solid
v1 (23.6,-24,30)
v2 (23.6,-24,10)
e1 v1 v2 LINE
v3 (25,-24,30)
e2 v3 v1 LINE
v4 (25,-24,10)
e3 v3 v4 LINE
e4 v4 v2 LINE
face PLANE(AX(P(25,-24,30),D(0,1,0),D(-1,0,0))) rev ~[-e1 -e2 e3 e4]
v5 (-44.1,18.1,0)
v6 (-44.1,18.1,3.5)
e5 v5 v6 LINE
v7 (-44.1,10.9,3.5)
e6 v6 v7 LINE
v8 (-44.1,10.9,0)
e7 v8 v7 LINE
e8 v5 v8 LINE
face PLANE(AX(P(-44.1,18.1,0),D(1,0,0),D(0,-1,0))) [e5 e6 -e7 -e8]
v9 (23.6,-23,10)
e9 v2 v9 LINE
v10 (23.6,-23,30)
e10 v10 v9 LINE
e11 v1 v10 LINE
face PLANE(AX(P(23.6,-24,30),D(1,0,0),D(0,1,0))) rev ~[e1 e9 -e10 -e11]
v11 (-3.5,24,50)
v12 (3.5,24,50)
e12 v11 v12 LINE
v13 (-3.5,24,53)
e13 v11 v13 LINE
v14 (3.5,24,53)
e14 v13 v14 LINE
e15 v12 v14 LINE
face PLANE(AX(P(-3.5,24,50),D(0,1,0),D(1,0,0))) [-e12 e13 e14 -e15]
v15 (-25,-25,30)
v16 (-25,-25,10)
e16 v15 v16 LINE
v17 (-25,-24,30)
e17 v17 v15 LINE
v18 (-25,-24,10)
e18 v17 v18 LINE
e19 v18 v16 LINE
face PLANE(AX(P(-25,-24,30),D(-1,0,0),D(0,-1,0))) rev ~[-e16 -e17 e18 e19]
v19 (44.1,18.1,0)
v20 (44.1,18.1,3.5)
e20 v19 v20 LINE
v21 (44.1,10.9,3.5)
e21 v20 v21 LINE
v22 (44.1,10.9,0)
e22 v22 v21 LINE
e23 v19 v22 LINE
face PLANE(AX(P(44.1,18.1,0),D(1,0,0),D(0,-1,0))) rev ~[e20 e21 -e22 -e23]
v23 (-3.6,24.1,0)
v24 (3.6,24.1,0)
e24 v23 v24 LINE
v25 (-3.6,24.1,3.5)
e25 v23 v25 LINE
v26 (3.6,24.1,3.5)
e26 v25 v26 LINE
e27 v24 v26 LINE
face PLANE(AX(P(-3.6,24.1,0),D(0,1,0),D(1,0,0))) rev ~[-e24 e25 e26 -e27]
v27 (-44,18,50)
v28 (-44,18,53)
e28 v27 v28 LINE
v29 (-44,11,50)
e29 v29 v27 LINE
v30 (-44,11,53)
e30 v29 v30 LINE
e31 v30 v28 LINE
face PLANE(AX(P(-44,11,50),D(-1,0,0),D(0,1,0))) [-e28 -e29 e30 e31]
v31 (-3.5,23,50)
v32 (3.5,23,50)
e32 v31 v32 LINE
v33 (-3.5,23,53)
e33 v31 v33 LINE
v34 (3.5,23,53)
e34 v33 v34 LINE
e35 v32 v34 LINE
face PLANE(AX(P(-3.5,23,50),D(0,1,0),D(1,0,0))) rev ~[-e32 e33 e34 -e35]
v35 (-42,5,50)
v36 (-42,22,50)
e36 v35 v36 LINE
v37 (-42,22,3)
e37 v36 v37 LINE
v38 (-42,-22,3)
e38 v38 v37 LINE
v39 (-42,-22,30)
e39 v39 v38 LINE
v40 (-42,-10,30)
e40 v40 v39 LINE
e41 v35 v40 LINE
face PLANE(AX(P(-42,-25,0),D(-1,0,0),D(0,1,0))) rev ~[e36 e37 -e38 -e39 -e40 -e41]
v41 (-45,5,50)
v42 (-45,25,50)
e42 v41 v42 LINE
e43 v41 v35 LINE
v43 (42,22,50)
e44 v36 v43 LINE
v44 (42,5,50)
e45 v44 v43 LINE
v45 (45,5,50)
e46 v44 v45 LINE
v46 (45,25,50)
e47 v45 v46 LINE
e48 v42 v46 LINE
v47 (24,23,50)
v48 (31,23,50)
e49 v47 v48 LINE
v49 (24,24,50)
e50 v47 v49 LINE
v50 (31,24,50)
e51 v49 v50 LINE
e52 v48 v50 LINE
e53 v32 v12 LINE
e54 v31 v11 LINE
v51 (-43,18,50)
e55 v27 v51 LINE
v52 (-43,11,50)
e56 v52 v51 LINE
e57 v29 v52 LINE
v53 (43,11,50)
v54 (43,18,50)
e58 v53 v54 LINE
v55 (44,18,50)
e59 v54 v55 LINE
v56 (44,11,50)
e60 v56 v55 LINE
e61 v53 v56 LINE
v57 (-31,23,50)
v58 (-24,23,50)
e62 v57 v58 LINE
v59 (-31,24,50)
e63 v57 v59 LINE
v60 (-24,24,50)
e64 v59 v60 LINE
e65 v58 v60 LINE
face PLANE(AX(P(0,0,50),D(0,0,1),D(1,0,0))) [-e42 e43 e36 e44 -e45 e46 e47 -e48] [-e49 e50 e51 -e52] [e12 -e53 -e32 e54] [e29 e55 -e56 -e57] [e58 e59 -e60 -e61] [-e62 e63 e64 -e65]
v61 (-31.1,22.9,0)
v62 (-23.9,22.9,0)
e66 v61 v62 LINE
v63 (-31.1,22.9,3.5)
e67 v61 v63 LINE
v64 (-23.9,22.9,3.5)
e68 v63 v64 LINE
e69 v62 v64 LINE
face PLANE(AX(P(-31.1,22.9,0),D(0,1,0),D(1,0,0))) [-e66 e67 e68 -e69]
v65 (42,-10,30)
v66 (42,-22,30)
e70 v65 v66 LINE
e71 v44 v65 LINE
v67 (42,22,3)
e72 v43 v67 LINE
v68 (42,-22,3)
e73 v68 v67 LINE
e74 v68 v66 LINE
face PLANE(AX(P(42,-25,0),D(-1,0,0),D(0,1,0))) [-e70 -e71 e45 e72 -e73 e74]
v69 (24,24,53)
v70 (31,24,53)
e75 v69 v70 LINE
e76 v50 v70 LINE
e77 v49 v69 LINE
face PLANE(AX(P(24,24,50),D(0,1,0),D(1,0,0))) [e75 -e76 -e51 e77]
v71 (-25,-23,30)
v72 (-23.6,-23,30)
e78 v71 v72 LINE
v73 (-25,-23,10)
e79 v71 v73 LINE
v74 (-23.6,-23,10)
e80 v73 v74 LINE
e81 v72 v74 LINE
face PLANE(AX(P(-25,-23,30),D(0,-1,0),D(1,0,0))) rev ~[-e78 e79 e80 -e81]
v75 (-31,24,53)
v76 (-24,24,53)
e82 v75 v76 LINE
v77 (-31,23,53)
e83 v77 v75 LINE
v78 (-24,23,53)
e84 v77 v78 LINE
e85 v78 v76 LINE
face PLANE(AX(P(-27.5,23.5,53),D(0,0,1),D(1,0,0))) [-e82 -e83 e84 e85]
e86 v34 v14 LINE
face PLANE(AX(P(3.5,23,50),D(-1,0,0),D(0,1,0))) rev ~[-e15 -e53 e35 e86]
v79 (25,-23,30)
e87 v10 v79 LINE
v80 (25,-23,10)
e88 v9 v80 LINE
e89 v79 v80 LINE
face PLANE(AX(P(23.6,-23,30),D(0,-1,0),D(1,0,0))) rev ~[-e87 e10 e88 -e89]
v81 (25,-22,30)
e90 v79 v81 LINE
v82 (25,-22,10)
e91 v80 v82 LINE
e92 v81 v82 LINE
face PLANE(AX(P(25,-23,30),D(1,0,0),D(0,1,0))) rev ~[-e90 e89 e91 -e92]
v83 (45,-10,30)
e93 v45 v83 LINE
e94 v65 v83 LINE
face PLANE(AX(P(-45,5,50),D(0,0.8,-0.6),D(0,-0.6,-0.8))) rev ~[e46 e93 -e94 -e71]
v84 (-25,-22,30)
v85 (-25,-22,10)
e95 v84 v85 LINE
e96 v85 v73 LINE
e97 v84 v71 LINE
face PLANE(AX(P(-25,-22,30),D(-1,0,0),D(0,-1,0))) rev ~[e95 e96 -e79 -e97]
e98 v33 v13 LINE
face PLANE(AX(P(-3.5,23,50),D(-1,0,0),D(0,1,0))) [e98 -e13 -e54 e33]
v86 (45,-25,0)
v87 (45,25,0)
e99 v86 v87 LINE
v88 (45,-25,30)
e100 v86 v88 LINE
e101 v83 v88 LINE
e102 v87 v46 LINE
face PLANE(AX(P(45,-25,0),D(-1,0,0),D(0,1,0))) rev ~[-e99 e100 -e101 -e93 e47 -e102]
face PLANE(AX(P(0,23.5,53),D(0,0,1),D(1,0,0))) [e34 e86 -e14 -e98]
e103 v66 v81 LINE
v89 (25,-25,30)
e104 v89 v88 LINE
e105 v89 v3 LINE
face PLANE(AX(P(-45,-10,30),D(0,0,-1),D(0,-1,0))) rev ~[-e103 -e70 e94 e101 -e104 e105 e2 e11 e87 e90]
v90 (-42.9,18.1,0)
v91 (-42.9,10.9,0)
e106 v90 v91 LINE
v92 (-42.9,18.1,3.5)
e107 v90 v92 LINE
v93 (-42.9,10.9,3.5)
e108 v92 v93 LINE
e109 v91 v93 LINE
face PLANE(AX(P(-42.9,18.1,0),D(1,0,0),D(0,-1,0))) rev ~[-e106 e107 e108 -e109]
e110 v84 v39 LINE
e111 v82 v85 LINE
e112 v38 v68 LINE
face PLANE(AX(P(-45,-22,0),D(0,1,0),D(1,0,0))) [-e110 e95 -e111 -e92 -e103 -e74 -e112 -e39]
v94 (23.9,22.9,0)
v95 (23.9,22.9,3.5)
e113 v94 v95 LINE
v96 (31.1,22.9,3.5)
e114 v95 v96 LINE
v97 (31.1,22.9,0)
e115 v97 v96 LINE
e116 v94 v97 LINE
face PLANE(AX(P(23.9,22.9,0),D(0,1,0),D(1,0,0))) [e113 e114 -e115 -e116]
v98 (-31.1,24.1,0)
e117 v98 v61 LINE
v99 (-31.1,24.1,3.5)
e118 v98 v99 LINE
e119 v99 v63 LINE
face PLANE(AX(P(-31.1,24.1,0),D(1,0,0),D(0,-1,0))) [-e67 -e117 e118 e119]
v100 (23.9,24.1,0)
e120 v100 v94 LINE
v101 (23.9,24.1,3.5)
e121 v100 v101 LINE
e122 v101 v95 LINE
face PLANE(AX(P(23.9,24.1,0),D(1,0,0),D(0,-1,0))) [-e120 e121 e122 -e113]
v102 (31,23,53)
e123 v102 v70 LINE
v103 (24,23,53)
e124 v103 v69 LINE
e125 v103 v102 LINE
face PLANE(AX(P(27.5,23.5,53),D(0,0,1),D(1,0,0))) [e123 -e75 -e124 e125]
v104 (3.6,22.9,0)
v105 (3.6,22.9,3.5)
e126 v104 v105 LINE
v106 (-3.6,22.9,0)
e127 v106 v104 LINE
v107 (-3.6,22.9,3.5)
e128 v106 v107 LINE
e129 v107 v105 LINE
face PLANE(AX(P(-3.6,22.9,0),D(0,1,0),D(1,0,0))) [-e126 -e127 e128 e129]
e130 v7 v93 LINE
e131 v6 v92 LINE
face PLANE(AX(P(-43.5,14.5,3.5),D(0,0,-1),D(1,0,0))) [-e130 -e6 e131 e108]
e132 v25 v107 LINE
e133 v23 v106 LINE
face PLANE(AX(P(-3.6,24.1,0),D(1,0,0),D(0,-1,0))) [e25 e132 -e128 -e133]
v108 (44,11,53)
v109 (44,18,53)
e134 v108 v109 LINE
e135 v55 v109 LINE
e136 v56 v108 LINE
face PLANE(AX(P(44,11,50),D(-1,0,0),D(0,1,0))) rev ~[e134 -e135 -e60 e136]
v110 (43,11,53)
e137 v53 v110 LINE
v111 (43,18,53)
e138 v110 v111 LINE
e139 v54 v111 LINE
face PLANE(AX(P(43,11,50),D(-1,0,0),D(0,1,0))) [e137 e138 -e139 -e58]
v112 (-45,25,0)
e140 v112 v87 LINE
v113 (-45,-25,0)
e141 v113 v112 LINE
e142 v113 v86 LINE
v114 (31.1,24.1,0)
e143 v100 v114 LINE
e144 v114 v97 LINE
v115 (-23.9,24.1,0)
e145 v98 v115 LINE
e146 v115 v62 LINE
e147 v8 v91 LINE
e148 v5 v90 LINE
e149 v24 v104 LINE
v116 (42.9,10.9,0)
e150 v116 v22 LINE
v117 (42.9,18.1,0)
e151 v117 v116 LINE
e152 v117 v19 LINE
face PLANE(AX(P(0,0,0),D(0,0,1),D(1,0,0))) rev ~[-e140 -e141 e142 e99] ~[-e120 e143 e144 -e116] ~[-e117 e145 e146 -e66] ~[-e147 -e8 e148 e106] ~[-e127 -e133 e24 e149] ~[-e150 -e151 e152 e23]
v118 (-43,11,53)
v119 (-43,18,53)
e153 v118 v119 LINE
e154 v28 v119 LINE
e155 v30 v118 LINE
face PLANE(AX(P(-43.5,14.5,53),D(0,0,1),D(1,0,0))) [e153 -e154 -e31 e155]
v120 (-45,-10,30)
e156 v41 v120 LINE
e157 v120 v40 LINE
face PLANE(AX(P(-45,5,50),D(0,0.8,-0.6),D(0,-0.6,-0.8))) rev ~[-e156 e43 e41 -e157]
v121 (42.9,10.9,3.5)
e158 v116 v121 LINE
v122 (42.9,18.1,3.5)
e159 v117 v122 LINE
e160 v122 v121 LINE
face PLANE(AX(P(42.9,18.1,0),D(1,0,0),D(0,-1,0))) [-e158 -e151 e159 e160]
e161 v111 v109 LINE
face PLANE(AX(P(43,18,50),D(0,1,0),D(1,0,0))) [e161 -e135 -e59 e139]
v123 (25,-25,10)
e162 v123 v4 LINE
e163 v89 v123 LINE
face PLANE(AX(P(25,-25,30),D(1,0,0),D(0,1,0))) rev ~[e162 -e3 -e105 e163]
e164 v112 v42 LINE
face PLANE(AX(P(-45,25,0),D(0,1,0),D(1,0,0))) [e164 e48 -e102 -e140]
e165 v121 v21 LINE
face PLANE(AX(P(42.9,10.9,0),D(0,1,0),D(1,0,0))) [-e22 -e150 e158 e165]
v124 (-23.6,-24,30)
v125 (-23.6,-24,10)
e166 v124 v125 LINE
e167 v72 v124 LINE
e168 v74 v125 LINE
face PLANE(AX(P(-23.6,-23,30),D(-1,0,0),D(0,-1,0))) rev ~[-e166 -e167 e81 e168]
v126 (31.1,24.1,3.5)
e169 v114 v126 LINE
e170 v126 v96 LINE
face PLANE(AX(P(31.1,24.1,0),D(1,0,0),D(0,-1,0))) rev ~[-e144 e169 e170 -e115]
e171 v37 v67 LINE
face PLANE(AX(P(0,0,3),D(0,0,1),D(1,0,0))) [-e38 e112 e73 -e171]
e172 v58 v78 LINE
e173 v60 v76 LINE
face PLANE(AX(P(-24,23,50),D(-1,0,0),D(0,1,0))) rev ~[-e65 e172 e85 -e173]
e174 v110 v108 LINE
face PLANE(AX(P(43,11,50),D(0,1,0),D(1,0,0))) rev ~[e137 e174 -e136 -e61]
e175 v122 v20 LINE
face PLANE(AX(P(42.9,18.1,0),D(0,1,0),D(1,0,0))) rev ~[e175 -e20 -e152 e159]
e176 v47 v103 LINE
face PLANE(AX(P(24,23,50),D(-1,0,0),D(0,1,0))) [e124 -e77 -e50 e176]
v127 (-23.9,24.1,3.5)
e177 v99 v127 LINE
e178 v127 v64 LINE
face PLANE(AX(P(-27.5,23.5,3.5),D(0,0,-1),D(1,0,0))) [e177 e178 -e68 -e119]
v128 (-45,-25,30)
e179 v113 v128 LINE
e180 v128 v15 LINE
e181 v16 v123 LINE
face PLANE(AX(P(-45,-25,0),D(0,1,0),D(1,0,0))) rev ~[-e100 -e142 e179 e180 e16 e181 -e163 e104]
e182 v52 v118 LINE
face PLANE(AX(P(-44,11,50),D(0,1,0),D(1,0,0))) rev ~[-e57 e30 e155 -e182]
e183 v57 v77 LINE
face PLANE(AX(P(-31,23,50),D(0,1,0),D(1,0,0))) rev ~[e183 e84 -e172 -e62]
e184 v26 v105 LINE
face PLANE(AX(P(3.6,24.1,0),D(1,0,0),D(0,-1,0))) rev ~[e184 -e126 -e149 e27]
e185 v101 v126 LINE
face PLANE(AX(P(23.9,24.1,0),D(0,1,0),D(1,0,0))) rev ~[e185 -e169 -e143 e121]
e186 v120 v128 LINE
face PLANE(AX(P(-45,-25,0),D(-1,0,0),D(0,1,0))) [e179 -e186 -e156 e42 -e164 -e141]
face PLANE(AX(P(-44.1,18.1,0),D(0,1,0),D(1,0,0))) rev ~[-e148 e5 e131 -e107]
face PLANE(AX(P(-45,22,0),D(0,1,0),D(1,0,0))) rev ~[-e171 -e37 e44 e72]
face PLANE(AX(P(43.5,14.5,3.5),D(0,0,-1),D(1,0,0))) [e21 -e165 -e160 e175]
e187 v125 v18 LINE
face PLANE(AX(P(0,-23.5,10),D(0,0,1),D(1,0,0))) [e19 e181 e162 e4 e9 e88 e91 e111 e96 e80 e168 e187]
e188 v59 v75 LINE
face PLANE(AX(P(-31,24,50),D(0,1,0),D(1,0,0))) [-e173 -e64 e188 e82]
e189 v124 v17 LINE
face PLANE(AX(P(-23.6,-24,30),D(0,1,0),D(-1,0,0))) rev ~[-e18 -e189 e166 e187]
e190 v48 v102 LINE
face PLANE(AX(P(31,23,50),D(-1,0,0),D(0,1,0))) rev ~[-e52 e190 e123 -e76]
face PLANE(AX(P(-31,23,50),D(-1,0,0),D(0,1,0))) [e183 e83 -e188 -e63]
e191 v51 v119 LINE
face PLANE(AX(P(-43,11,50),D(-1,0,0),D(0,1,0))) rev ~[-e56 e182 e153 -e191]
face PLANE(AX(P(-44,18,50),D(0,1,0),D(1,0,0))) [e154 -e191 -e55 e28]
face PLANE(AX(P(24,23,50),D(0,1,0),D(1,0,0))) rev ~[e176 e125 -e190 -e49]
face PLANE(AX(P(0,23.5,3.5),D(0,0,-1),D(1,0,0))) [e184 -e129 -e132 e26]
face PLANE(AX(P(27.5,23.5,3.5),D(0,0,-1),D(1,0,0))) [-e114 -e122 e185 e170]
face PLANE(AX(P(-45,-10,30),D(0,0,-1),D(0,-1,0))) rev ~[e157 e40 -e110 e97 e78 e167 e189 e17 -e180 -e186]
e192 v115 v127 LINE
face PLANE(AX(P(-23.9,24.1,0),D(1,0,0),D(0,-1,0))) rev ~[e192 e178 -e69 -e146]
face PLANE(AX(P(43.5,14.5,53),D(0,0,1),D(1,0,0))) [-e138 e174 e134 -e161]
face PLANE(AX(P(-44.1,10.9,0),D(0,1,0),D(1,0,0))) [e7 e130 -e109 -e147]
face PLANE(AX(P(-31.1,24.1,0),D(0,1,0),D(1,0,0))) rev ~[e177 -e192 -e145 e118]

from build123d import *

# Parameters (mm, degrees)
F0_W      = 90
F0_H      = 50
F1_DEPTH  = 50
F2_T      = -3
F4_DEPTH  = 90.001
F6_DEPTH  = 20
F7_W      = 7
F7_H      = 1
F7_W_2    = 1
F7_H_2    = 7
F8_DEPTH  = 3
F9_W      = 7.2
F9_H      = 1.2
F9_W_2    = 1.2
F9_H_2    = 7.2
F10_DEPTH = 3.5


with BuildPart() as f1:
    # F0 (on Top) → F1 (new body)
    with BuildSketch(Plane.XY):
        Rectangle(F0_W, F0_H)
    extrude(amount=F1_DEPTH)

    # F2
    f2_openings = [f1.faces().sort_by_distance(p)[0] for p in [
        (0, 0, 50),
    ]]
    offset(amount=F2_T, openings=f2_openings)

    # F3 (on face) → F4 (cut, through all)
    with BuildSketch(Plane(origin=(-45, 0, 0), x_dir=(0, -1, 0), z_dir=(-1, 0, 0))):
        Polygon((25, 30), (25, 50), (-5, 50), (10, 30), align=None)
    extrude(amount=-F4_DEPTH, mode=Mode.SUBTRACT)

    # F5 (on face) → F6 (cut)
    with BuildSketch(Plane.XY.offset(30)):
        Polygon((25, -22), (-25, -22), (-25, -23), (-23.6, -23), (-23.6, -24), (-25, -24), (-25, -25), (25, -25), (25, -24), (23.6, -24), (23.6, -23), (25, -23), align=None)
    extrude(amount=-F6_DEPTH, mode=Mode.SUBTRACT)

    # F7 (on face) → F8 (join)
    with BuildSketch(Plane.XY.offset(50)):
        with Locations((-27.5, 23.5)):
            Rectangle(F7_W, F7_H)
        with Locations((-43.5, 14.5)):
            Rectangle(F7_W_2, F7_H_2)
        with Locations((27.5, 23.5)):
            Rectangle(F7_W, F7_H)
        with Locations((43.5, 14.5)):
            Rectangle(F7_W_2, F7_H_2)
        with Locations((0, 23.5)):
            Rectangle(F7_W, F7_H)
    extrude(amount=F8_DEPTH)

    # F9 (on face) → F10 (cut)
    with BuildSketch(Plane(origin=(0, 0, 0), x_dir=(1, 0, 0), z_dir=(0, 0, -1))):
        with Locations((0, -23.5)):
            Rectangle(F9_W, F9_H)
        with Locations((27.5, -23.5)):
            Rectangle(F9_W, F9_H)
        with Locations((-27.5, -23.5)):
            Rectangle(F9_W, F9_H)
        with Locations((43.5, -14.5)):
            Rectangle(F9_W_2, F9_H_2)
        with Locations((-43.5, -14.5)):
            Rectangle(F9_W_2, F9_H_2)
    extrude(amount=-F10_DEPTH, mode=Mode.SUBTRACT)


solid = f1.part
